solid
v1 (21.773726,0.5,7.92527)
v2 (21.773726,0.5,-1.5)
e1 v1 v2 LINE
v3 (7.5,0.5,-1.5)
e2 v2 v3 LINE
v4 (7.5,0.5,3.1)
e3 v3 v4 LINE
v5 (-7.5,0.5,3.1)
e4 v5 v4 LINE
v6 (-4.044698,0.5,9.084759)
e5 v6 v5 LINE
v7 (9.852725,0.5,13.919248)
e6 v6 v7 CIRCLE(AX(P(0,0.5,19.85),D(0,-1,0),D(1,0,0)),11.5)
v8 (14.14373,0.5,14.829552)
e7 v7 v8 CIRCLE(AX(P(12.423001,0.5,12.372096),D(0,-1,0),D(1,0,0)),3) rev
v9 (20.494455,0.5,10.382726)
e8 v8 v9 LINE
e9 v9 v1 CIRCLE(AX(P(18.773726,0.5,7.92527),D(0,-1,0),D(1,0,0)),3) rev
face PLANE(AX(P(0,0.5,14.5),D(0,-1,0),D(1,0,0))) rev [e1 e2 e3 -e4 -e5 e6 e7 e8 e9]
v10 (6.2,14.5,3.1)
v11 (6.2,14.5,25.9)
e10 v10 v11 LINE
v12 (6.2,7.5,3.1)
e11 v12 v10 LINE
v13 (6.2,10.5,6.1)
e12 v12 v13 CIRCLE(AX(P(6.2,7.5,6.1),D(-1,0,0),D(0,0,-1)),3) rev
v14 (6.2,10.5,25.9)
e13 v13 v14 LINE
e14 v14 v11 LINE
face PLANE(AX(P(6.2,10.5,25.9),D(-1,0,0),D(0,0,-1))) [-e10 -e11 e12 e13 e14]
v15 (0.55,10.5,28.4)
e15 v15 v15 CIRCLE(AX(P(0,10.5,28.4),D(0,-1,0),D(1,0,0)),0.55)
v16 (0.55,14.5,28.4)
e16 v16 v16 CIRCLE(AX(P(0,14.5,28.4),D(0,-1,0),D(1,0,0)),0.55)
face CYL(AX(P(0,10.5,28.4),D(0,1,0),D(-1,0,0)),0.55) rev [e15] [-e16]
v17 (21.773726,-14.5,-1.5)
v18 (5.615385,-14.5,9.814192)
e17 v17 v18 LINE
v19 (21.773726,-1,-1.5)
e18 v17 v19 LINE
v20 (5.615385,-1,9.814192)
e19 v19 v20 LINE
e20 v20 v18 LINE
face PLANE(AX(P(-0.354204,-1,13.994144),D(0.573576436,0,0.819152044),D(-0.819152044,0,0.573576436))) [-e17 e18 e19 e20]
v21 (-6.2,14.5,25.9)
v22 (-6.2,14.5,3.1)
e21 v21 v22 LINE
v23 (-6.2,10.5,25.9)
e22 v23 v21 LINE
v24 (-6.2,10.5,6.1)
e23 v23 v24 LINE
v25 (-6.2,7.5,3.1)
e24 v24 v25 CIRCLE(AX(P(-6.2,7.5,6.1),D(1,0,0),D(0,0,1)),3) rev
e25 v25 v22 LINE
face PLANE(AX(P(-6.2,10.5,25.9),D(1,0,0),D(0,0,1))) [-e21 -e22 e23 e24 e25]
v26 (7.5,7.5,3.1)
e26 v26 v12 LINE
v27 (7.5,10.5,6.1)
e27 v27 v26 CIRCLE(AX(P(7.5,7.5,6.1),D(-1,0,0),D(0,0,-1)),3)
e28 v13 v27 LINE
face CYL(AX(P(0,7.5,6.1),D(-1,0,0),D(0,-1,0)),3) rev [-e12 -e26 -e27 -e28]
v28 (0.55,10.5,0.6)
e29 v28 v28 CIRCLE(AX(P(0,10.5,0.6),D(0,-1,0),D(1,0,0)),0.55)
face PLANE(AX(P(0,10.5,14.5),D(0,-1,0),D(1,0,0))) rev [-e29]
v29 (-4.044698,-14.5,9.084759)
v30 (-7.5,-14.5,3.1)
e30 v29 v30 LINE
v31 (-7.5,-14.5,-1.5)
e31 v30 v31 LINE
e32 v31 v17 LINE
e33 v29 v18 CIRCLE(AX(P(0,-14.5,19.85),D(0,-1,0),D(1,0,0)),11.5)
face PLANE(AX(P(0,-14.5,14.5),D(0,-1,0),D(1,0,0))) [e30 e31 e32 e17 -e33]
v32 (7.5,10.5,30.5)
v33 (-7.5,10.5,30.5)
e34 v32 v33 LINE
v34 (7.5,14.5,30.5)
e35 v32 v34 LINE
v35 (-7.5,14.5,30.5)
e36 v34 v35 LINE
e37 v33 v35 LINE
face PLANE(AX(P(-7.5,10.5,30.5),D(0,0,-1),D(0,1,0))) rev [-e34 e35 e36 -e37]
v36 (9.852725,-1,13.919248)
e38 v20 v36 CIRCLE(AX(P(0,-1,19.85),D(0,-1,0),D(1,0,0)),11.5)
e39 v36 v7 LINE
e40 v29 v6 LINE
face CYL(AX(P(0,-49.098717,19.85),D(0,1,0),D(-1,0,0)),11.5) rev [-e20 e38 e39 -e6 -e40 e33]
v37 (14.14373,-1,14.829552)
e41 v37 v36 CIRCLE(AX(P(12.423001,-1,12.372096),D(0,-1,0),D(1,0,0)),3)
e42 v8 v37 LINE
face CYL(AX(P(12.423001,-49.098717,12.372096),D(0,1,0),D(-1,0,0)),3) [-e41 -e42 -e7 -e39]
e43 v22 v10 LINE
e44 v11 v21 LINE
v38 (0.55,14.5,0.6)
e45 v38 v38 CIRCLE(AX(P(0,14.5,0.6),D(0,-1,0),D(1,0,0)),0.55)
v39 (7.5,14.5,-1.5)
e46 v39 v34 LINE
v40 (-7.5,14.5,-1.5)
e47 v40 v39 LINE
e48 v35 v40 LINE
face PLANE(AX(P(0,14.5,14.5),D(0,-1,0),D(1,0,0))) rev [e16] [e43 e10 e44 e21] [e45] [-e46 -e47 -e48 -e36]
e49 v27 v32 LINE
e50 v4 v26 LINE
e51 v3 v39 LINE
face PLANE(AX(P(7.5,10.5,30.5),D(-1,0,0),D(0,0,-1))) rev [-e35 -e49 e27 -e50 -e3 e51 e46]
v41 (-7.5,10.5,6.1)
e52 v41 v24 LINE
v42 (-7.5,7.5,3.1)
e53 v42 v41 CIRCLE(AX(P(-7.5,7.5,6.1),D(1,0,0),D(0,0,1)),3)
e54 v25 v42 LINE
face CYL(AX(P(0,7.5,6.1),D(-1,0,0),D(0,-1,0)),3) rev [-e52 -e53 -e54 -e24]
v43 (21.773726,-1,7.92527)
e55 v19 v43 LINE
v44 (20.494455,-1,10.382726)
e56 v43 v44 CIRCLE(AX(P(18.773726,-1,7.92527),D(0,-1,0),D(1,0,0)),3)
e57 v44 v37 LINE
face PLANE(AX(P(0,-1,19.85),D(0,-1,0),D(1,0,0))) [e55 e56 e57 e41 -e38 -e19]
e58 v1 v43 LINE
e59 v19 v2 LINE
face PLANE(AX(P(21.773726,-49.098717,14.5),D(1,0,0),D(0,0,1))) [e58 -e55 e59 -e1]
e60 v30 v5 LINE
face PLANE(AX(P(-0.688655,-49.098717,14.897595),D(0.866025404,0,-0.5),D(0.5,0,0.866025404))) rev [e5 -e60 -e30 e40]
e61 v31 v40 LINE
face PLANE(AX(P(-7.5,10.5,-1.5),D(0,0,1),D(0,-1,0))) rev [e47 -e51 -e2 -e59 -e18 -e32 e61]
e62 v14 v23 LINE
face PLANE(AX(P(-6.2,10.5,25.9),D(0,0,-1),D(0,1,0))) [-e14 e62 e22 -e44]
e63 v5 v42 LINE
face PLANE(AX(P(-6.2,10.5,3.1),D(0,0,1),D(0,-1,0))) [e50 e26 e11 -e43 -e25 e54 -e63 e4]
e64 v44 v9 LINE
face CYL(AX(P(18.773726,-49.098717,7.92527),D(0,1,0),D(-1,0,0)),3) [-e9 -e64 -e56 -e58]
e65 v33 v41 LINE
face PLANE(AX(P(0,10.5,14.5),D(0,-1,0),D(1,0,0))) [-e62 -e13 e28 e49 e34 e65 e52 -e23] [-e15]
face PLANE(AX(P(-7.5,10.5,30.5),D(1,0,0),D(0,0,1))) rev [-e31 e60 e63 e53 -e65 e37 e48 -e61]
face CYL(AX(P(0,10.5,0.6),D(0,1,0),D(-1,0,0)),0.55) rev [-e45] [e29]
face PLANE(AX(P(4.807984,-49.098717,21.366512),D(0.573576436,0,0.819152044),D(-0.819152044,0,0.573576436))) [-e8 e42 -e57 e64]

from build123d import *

# Parameters (mm, degrees)
SKETCH1_W               = 15
SKETCH1_H               = 32
SKETCH1_R               = 0.55
SKETCH1_W_2             = 12.4
SKETCH1_H_2             = 22.8
SERVO_MOUNT_PLATE_DEPTH = 4
SKETCH3_R               = 0.55
BOSS_EXTRUDE3_DEPTH     = 25
BOSS_EXTRUDE9_DEPTH     = 15
CUT_EXTRUDE3_START      = 1.5
CUT_EXTRUDE3_DEPTH      = 13.5
FILLET1_R               = 3
BODY_MOVE_COPY1_ANGLE   = 90


with BuildPart() as part:
    # Sketch1 → Servo Mount Plate (new body)
    with BuildSketch(Plane.XY):
        Rectangle(SKETCH1_W, SKETCH1_H)
        with Locations((0, 13.9)):
            Circle(SKETCH1_R, mode=Mode.SUBTRACT)
        with Locations((0, -13.9)):
            Circle(SKETCH1_R, mode=Mode.SUBTRACT)
        Rectangle(SKETCH1_W_2, SKETCH1_H_2, mode=Mode.SUBTRACT)
    extrude(amount=SERVO_MOUNT_PLATE_DEPTH)

    # Sketch3 → Boss-Extrude3 (add)
    # profile 1 of 2: a face of its own
    with BuildSketch(Plane.XY.offset(4)):
        Polygon((6.2, -11.4), (-6.2, -11.4), (-7.5, -11.4), (-7.5, -16), (7.5, -16), (7.5, -11.4), align=None)
        with Locations((0, -13.9)):
            Circle(SKETCH3_R, mode=Mode.SUBTRACT)
    # profile 2 of 2: a face of its own
    with BuildSketch(Plane.XY.offset(4)):
        with Locations((0, -13.9)):
            Circle(SKETCH3_R)
    extrude(amount=BOSS_EXTRUDE3_DEPTH)

    # Sketch5 → Boss-Extrude9 (add)
    with BuildSketch(Plane.XY.offset(14)):
        with BuildLine():
            Line((5.615385478, -4.685808185), (7.5, -6.00542948))
            Line((7.5, -6.00542948), (21.773725966, -16))
            Line((21.773725966, -16), (21.773725966, -5.013028701))
            Line((21.773725966, -5.013028701), (11.126345195, 2.442347577))
            ThreePointArc((11.126345195, 2.442347577), (9.098023831, -1.683915153), (5.615385478, -4.685808185))
        make_face()
        Polygon((21.773725966, -16), (7.5, -6.00542948), (7.5, -11.4), (7.5, -16), align=None)
        with BuildLine():
            Line((7.5, -11.4), (7.5, -6.00542948))
            Line((7.5, -6.00542948), (5.615385478, -4.685808185))
            ThreePointArc((5.615385478, -4.685808185), (0.865900109, -6.117354403), (-4.044697914, -5.415241232))
            Line((-4.044697914, -5.415241232), (-7.5, -11.4))
            Line((-7.5, -11.4), (7.5, -11.4))
        make_face()
    extrude(amount=BOSS_EXTRUDE9_DEPTH)

    # Sketch5<8> → Cut-Extrude3 (cut)
    with BuildSketch(Plane.XY.offset(14).offset(CUT_EXTRUDE3_START)):
        with BuildLine():
            Line((5.615385478, -4.685808185), (7.5, -6.00542948))
            Line((7.5, -6.00542948), (21.773725966, -16))
            Line((21.773725966, -16), (21.773725966, -5.013028701))
            Line((21.773725966, -5.013028701), (11.126345195, 2.442347577))
            ThreePointArc((11.126345195, 2.442347577), (9.098023831, -1.683915153), (5.615385478, -4.685808185))
        make_face()
    extrude(amount=CUT_EXTRUDE3_DEPTH, mode=Mode.SUBTRACT)

    # Fillet1
    fillet1_edges = [part.edges().sort_by_distance(p)[0] for p in [
        (6.85, -11.4, 4),
        (-6.85, -11.4, 4),
        (11.126345195, 2.442347577, 14.75),
        (21.773725966, -5.013028701, 14.75),
    ]]
    fillet(fillet1_edges, radius=FILLET1_R)


with BuildPart() as part_1:
    # Body-Move/Copy1: moved
    add(part.part.rotate(Axis((0, 0, 14.5), (1, 0, 0)), BODY_MOVE_COPY1_ANGLE))


solid = part_1.part
